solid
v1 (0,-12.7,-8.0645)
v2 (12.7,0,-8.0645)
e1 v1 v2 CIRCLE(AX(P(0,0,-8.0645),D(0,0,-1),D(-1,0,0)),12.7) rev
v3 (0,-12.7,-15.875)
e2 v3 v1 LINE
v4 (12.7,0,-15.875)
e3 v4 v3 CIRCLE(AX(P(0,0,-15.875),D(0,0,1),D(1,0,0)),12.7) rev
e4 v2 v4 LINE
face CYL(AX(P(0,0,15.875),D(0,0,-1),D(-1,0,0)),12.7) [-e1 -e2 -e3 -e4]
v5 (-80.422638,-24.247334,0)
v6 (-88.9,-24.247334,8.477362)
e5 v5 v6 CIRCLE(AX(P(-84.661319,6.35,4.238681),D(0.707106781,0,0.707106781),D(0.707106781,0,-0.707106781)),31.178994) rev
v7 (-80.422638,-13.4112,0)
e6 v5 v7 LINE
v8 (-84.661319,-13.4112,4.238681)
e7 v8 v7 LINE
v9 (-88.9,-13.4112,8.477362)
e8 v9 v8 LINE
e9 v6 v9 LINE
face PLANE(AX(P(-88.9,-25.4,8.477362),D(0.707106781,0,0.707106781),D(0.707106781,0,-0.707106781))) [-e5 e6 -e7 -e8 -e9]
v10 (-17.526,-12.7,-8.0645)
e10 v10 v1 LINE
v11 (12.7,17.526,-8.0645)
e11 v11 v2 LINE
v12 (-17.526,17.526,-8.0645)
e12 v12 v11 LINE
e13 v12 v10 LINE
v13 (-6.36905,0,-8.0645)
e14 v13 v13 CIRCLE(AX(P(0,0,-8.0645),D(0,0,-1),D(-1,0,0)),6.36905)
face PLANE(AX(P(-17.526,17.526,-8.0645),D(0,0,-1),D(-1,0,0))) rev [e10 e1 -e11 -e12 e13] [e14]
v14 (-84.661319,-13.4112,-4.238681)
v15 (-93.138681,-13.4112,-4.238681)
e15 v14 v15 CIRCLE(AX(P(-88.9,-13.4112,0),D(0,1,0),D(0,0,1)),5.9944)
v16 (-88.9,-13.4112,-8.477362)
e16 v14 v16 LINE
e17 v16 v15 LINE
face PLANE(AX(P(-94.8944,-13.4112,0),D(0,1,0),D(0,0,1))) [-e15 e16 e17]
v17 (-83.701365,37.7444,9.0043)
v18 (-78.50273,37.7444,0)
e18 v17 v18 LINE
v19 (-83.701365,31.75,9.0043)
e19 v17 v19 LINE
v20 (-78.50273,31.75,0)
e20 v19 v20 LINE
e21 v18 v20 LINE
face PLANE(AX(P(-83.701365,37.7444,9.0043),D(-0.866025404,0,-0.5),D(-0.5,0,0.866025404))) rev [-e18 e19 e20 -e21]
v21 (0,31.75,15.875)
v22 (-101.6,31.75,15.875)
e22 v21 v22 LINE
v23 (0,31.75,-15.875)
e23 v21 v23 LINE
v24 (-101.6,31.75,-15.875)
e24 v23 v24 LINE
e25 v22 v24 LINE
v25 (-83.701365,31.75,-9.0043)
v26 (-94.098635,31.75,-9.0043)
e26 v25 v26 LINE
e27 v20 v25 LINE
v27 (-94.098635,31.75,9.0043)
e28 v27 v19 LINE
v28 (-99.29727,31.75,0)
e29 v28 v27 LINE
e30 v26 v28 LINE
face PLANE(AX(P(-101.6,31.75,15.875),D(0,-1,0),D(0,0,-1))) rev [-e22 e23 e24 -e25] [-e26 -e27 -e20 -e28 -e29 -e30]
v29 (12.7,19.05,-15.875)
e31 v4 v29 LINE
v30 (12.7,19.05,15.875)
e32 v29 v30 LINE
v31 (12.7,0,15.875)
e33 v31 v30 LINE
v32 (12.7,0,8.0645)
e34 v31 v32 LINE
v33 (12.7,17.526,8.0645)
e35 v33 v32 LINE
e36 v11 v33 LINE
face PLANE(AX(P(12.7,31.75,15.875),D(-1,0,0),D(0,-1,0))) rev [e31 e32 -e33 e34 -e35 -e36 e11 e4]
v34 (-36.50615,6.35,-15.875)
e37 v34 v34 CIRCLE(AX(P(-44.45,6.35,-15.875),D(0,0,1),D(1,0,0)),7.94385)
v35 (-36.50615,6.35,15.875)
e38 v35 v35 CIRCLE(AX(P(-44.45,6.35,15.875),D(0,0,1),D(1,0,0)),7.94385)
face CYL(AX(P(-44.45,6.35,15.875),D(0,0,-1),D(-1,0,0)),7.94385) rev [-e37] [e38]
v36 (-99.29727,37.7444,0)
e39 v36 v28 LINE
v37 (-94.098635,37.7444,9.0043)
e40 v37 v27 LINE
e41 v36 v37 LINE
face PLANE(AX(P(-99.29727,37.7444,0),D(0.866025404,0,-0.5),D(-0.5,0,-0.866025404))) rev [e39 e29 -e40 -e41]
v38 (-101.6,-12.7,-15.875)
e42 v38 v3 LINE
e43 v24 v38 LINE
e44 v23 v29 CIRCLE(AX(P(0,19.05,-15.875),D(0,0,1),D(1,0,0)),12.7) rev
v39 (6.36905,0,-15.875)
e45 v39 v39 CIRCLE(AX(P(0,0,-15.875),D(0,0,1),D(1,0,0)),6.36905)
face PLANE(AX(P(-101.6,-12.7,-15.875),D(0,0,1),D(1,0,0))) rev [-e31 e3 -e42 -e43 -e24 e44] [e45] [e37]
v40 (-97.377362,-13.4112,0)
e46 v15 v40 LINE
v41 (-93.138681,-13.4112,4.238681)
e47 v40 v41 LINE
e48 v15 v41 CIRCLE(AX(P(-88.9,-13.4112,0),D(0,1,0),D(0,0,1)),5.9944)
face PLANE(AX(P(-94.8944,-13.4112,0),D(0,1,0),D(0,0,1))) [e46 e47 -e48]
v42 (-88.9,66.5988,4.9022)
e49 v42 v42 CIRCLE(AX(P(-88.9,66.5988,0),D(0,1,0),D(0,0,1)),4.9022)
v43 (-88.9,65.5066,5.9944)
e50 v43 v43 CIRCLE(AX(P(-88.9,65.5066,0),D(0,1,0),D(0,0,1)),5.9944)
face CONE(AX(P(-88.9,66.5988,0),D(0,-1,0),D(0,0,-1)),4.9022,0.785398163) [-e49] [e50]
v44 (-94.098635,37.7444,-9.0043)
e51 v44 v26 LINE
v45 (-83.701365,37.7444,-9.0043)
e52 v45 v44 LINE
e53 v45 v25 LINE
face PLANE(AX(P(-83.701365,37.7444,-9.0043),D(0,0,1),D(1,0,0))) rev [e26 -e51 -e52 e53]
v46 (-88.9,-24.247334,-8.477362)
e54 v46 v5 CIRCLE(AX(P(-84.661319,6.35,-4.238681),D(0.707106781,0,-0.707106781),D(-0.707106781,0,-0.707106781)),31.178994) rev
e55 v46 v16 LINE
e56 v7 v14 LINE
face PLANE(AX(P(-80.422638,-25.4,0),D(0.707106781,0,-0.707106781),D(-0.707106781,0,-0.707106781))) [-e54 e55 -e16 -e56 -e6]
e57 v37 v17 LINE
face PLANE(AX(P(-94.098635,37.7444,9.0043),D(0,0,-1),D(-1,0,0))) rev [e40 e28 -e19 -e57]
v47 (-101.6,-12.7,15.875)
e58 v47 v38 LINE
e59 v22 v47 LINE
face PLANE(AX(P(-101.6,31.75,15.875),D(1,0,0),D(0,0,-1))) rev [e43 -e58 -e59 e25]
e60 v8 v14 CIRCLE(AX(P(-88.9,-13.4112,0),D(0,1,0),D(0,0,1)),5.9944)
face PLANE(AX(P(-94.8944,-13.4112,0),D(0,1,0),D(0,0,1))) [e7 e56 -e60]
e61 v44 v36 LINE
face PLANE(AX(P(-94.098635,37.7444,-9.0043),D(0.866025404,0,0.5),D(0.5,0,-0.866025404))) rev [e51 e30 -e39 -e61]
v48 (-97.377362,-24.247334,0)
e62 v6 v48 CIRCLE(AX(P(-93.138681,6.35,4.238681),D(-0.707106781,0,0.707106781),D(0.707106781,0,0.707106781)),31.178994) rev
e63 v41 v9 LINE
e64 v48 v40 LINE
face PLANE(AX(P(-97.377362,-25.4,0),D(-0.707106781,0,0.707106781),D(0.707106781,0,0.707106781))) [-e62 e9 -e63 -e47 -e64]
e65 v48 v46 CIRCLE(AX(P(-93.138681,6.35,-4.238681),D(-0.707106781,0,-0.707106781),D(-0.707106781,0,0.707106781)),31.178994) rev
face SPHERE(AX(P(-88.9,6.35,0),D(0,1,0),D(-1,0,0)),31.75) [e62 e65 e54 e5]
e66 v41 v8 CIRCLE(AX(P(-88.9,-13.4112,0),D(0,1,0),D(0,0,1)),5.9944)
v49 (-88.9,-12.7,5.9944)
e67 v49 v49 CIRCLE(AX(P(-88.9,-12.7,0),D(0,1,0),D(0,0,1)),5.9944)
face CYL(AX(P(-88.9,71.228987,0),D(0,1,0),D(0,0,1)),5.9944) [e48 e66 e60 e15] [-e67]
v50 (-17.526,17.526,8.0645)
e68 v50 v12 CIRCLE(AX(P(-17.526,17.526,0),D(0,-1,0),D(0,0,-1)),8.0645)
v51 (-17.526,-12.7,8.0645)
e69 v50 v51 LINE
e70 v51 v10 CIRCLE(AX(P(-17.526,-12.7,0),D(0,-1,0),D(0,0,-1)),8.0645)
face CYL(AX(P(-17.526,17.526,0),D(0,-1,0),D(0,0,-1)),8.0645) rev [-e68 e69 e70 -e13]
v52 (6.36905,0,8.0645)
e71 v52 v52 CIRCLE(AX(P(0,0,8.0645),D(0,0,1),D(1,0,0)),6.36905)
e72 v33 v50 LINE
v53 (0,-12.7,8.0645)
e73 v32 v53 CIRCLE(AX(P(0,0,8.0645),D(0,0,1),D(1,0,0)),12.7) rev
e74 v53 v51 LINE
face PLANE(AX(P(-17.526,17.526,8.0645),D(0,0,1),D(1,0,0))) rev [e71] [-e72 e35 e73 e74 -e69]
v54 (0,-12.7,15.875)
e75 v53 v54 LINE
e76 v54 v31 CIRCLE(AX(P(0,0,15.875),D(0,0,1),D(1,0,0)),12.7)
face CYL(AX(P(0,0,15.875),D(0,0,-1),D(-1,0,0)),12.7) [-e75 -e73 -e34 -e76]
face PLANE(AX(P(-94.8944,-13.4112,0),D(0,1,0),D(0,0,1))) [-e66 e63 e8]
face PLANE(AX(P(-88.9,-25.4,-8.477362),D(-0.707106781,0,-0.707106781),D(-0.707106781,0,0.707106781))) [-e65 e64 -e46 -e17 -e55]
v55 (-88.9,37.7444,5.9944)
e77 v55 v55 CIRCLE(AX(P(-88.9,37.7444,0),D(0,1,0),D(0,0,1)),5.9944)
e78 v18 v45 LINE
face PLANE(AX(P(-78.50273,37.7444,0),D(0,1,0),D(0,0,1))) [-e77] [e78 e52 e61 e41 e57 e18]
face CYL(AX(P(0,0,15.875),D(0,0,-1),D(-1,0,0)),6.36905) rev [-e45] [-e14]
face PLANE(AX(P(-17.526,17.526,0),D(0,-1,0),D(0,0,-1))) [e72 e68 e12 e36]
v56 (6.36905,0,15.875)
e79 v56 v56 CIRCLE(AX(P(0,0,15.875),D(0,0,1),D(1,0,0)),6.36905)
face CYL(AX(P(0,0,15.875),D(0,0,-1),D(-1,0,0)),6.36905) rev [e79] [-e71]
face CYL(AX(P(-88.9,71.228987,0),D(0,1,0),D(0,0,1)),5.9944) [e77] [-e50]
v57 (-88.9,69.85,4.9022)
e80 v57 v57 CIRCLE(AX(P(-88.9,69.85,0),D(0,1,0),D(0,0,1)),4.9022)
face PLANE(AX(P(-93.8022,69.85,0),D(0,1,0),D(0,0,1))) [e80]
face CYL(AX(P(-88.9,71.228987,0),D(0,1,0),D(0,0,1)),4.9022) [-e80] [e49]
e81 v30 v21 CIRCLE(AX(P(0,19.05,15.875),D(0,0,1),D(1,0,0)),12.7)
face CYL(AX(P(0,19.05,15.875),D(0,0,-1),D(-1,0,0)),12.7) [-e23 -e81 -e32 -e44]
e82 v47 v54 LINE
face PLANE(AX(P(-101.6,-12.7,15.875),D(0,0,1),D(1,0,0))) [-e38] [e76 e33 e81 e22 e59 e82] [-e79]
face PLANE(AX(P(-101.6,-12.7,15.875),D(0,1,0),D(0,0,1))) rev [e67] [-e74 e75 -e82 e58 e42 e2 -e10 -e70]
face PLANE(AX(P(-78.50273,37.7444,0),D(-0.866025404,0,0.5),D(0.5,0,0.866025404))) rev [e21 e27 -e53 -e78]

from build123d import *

# Parameters (mm, degrees)
SKETCH11_W         = 114.3
SKETCH11_H         = 44.45
SKETCH11_R         = 6.36905
SKETCH11_R_2       = 7.94385
EXTRUDE3_DEPTH     = 15.875
CUT_EXTRUDE1_DEPTH = 30.226
FILLET1_R          = 12.7
EXTRUDE4_DEPTH     = 5.9944
SKETCH15_R         = 24.22520922
CUT_EXTRUDE2_DEPTH = 12.9888


with BuildPart() as part:
    # Sketch11 → Extrude3 (new body, symmetric)
    with BuildSketch(Plane.XY):
        with Locations((-44.45, 9.525)):
            Rectangle(SKETCH11_W, SKETCH11_H)
        Circle(SKETCH11_R, mode=Mode.SUBTRACT)
        with Locations((-44.45, 6.35)):
            Circle(SKETCH11_R_2, mode=Mode.SUBTRACT)
    extrude(amount=EXTRUDE3_DEPTH, both=True)

    # Sketch12 → Cut-Extrude1 (cut)
    with BuildSketch(Plane.XZ.offset(12.7)):
        with BuildLine():
            Line((-17.526, 8.0645), (12.7, 8.0645))
            Line((12.7, 8.0645), (12.7, -8.0645))
            Line((12.7, -8.0645), (-17.526, -8.0645))
            ThreePointArc((-17.526, -8.0645), (-25.5905, 0), (-17.526, 8.0645))
        make_face()
    extrude(amount=-CUT_EXTRUDE1_DEPTH, mode=Mode.SUBTRACT)

    # Fillet1
    fillet1_edges = [part.edges().sort_by_distance(p)[0] for p in [
        (12.7, -12.7, -11.96975),
        (12.7, 31.75, 0),
        (12.7, -12.7, 11.96975),
    ]]
    fillet(fillet1_edges, radius=FILLET1_R)

    # Sketch13 → Extrude4 (add)
    with BuildSketch(Plane(origin=(0, 31.75, 0), x_dir=(1, 0, 0), z_dir=(0, 1, 0))):
        Polygon((-78.502729942, 0), (-83.701364971, 9.0043), (-94.098635029, 9.0043), (-99.297270058, 0), (-94.098635029, -9.0043), (-83.701364971, -9.0043), align=None)
    extrude(amount=EXTRUDE4_DEPTH)

    # Sketch14 → Revolve2 (revolve)
    with BuildSketch(Plane.XY, mode=Mode.PRIVATE) as revolve2_sk:
        with BuildLine():
            Line((-93.8022, 66.5988), (-93.8022, 69.85))
            Line((-93.8022, 69.85), (-88.9, 69.85))
            Line((-88.9, 69.85), (-88.9, -25.4))
            ThreePointArc((-88.9, -25.4), (-102.250110486, -22.456892404), (-113.12520922, -14.1732))
            Line((-113.12520922, -14.1732), (-113.12520922, -13.4112))
            Line((-113.12520922, -13.4112), (-94.8944, -13.4112))
            Line((-94.8944, -13.4112), (-94.8944, 65.5066))
            Line((-94.8944, 65.5066), (-93.8022, 66.5988))
        make_face()
    revolve(revolve2_sk.sketch.rotate(Axis((-88.9, 71.228986791, 0), (0, -1, 0)), 270), axis=Axis((-88.9, 71.228986791, 0), (0, -1, 0)))  # turned: the seam where the file's is

    # Sketch15 → Cut-Extrude2 (cut, through all)
    with BuildSketch(Plane(origin=(0, -13.4112, 0), x_dir=(1, 0, 0), z_dir=(0, 1, 0))):
        with Locations((-88.9, 0)):
            Circle(SKETCH15_R)
        Polygon((-88.9, 8.477361778), (-97.377361778, 0), (-88.9, -8.477361778), (-80.422638222, 0), align=None, mode=Mode.SUBTRACT)
    extrude(amount=-CUT_EXTRUDE2_DEPTH, mode=Mode.SUBTRACT)


solid = part.part
